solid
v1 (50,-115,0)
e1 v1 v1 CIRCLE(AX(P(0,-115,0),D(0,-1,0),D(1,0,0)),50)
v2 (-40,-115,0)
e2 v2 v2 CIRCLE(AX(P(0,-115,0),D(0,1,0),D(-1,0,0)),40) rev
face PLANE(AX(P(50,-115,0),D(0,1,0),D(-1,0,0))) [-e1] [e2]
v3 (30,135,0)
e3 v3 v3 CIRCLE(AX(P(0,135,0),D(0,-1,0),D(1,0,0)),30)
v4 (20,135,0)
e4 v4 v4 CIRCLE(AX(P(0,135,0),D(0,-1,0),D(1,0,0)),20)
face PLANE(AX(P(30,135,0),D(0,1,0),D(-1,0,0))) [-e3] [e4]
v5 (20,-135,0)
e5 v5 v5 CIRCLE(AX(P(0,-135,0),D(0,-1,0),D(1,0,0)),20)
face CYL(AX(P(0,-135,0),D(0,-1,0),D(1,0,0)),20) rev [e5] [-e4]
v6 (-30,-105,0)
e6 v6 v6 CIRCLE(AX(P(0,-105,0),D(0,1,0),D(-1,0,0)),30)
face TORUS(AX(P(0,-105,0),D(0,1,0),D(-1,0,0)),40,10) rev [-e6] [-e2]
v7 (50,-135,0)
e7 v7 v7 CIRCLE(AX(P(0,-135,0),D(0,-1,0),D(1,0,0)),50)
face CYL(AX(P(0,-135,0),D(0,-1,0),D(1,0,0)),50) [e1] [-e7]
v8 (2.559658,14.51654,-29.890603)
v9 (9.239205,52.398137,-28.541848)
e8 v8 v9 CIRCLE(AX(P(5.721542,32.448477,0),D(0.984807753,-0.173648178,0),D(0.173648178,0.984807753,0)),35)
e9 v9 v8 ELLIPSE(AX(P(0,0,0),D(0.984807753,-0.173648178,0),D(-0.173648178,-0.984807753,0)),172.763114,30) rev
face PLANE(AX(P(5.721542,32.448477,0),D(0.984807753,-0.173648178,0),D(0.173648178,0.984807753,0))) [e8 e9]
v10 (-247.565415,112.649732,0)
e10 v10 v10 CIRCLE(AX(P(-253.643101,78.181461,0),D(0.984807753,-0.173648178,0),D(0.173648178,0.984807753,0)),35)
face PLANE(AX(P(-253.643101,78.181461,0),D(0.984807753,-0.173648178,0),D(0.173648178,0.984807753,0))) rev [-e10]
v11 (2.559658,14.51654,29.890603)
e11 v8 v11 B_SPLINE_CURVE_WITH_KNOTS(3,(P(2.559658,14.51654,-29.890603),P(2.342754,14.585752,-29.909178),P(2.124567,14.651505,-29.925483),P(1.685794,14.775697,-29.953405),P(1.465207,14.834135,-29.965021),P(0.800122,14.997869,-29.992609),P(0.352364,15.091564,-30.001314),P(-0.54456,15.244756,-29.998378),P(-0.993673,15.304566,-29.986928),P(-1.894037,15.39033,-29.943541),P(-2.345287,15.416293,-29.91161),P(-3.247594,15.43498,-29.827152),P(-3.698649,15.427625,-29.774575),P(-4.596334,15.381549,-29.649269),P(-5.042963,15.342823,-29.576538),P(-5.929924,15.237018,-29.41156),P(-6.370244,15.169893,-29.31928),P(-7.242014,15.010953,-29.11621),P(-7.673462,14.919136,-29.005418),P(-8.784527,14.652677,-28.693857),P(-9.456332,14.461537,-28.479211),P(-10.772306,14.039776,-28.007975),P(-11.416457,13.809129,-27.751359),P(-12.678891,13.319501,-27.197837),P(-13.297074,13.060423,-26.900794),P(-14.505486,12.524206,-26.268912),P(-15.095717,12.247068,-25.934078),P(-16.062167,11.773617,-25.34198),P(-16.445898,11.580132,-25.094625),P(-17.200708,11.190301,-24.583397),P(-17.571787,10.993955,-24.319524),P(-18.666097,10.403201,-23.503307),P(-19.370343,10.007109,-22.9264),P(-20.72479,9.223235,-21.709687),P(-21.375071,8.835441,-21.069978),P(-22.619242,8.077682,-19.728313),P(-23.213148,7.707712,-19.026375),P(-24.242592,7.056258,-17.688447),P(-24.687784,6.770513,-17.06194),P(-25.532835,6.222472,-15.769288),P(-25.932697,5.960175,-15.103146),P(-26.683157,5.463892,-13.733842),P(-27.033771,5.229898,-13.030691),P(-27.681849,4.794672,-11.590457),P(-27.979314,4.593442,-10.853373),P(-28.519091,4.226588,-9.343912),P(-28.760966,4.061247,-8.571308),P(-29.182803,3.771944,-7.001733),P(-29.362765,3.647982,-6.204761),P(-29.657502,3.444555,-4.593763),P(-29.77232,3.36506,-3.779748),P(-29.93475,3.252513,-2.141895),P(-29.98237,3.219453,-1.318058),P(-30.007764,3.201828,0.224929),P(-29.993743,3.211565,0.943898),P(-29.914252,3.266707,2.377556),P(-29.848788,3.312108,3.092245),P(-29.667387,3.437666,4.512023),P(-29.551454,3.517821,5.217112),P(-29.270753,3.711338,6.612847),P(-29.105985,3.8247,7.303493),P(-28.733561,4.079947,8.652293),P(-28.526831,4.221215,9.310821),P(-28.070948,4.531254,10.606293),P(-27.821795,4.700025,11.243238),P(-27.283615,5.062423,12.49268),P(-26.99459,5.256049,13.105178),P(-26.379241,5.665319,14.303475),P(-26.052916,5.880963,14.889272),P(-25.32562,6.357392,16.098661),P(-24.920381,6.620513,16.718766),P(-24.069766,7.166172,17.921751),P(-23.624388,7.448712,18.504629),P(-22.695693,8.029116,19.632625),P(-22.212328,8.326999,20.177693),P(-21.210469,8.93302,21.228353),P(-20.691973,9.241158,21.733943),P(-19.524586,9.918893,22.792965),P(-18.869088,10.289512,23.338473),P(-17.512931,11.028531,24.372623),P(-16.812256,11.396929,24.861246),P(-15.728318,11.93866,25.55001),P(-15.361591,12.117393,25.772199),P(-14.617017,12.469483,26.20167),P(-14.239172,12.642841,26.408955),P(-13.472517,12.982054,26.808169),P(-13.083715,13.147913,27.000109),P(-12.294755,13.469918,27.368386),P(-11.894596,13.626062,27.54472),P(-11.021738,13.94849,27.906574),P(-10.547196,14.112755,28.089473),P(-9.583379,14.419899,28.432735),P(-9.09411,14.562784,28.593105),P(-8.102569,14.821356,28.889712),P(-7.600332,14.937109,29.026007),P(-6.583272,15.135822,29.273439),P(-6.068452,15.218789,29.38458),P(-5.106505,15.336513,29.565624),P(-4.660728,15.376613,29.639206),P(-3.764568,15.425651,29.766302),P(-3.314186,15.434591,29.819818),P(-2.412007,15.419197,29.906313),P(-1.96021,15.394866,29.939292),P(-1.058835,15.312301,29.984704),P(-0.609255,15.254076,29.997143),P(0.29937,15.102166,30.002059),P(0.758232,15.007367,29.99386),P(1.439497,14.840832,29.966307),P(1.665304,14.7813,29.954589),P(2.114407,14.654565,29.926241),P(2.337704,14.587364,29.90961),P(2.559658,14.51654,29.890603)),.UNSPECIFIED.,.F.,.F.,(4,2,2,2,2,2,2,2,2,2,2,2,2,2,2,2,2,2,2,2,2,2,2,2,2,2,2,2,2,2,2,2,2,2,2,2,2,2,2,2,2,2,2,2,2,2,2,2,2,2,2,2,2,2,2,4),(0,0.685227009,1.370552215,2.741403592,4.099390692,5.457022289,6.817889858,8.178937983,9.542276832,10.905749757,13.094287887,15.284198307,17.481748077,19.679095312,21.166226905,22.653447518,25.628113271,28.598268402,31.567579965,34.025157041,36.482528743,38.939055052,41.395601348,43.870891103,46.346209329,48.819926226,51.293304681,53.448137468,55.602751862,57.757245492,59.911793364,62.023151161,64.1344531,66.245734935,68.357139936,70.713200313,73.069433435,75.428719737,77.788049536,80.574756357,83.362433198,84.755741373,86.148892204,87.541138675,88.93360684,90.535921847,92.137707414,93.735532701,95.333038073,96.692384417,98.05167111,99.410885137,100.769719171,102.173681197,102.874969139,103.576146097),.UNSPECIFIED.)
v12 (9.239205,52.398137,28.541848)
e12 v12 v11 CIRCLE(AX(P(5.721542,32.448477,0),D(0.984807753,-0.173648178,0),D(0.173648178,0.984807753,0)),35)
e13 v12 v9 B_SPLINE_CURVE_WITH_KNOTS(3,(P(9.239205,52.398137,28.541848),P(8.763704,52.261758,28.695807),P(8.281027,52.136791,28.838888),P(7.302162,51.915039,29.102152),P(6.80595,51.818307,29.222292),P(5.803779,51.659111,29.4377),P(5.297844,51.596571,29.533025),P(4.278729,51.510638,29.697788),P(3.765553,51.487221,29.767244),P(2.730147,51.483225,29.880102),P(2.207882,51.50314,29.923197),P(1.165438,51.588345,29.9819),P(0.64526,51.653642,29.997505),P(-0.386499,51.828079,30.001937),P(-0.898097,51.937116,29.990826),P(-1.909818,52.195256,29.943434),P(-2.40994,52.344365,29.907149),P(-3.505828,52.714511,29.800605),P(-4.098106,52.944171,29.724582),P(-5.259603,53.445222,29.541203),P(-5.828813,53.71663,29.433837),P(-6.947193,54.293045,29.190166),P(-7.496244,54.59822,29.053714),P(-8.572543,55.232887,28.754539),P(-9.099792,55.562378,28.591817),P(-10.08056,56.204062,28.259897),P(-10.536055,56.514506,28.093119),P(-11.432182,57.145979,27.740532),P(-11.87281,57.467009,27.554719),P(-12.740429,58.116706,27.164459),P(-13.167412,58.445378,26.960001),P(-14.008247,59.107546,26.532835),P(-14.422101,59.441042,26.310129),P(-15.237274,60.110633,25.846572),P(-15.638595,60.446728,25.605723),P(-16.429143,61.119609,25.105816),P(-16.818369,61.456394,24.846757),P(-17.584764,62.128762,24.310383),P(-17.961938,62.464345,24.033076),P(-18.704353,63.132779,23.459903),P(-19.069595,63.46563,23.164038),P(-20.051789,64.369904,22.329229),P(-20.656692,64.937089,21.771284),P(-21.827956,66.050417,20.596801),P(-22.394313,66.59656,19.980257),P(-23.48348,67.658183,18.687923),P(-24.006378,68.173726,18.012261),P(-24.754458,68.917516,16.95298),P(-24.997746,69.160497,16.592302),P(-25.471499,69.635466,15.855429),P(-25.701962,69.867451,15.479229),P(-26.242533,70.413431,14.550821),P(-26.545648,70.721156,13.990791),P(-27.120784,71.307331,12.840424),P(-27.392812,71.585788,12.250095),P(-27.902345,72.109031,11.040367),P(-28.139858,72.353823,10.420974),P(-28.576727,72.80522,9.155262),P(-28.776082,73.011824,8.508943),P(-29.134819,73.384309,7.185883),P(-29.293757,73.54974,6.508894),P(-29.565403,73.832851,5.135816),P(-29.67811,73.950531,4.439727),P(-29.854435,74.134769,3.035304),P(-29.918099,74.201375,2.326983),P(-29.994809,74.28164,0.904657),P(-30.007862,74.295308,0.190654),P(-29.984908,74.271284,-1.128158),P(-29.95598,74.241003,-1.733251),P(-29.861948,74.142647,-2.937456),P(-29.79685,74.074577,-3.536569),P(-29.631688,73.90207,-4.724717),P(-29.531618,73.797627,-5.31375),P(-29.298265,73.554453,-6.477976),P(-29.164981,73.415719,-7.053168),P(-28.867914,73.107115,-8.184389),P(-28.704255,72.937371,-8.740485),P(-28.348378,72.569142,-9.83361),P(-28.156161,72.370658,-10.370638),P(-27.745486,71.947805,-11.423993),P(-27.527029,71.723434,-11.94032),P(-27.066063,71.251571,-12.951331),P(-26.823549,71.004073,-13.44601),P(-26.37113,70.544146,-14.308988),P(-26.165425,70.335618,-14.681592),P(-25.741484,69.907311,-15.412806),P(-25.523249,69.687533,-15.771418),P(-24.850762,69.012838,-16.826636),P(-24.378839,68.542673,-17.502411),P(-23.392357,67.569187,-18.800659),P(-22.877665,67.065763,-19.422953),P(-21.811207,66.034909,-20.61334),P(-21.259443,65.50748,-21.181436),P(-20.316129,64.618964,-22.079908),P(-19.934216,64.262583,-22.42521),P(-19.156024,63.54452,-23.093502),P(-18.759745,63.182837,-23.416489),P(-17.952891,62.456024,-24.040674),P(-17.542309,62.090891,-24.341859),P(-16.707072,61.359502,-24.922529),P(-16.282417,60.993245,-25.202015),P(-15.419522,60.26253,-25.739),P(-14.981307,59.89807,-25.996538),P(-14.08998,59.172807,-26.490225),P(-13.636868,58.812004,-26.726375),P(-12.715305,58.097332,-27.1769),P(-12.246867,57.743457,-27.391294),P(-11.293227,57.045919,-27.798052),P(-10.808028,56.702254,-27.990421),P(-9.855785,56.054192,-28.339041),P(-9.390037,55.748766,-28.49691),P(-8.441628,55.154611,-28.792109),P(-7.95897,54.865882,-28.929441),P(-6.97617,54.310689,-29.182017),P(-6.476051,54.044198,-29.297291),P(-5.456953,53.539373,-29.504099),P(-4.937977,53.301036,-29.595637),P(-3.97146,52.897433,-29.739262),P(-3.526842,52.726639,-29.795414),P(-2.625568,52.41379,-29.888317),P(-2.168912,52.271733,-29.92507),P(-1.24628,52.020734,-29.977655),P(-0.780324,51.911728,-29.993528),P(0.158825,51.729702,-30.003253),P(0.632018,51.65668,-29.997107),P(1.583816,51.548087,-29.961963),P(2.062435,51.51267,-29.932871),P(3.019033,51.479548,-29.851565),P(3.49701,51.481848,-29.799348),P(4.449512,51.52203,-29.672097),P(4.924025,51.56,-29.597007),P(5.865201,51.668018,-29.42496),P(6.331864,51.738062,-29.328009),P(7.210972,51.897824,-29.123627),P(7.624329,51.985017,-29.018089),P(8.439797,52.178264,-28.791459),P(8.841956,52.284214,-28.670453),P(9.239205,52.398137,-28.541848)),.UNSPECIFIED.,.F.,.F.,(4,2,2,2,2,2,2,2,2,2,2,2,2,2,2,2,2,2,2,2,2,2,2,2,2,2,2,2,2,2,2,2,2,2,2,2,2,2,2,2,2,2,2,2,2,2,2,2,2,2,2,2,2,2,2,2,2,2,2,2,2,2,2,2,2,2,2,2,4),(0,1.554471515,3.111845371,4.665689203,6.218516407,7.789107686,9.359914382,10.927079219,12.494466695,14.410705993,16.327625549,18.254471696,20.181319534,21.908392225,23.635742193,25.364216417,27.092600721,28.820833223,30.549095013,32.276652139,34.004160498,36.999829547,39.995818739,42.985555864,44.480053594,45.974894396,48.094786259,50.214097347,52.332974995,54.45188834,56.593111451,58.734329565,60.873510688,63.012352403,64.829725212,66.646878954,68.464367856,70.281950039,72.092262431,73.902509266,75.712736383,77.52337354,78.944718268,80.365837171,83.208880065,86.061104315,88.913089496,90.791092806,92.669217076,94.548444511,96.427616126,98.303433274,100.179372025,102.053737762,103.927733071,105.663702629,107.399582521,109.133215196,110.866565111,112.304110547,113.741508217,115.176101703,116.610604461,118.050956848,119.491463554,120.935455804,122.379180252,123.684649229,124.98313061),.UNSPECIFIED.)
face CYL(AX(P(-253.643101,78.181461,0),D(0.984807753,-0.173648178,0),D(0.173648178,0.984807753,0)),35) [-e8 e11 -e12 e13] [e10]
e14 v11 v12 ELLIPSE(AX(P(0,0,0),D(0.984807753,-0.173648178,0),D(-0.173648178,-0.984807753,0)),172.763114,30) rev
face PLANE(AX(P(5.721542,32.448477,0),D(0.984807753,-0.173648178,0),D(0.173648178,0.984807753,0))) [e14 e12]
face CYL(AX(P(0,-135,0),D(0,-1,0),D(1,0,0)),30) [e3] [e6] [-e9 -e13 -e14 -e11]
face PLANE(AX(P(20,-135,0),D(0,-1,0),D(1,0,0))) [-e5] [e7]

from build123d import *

# Parameters (mm, degrees)
SKETCH11_R          = 35
BOSS_EXTRUDE2_DEPTH = 263.365760626
FILLET2_R           = 10
SKETCH15_R          = 20
CUT_EXTRUDE1_DEPTH  = 378.961489357


with BuildPart() as part:
    # Sketch14 → Revolve3 (revolve)
    with BuildSketch(Plane.XY):
        Polygon((30, -115), (30, 135), (20, 135), (20, -135), (50, -135), (50, -115), align=None)
    revolve(axis=Axis((0, -135, 0), (0, 1, 0)))

    # Sketch11 → Boss-Extrude2 (add)
    with BuildSketch(Plane(origin=(0.069700253, 0.395289776, -0.070775492), x_dir=(-0.03015368960704645, -0.17101007166283763, -0.9848077530122075), z_dir=(0.984807753012208, -0.17364817766693072, 0))):
        with Locations((-5.721541908, 32.04089679)):
            Circle(SKETCH11_R)
    extrude(amount=-BOSS_EXTRUDE2_DEPTH)

    # Fillet2
    fillet2_edges = [part.edges().sort_by_distance(p)[0] for p in [
        (-30, -115, 0),
    ]]
    fillet(fillet2_edges, radius=FILLET2_R)

    # Sketch15 → Cut-Extrude1 (cut, through all)
    with BuildSketch(Plane(origin=(0, 135, 0), x_dir=(1, 0, 0), z_dir=(0, 1, 0))):
        Circle(SKETCH15_R)
    extrude(amount=-CUT_EXTRUDE1_DEPTH, mode=Mode.SUBTRACT)


solid = part.part
